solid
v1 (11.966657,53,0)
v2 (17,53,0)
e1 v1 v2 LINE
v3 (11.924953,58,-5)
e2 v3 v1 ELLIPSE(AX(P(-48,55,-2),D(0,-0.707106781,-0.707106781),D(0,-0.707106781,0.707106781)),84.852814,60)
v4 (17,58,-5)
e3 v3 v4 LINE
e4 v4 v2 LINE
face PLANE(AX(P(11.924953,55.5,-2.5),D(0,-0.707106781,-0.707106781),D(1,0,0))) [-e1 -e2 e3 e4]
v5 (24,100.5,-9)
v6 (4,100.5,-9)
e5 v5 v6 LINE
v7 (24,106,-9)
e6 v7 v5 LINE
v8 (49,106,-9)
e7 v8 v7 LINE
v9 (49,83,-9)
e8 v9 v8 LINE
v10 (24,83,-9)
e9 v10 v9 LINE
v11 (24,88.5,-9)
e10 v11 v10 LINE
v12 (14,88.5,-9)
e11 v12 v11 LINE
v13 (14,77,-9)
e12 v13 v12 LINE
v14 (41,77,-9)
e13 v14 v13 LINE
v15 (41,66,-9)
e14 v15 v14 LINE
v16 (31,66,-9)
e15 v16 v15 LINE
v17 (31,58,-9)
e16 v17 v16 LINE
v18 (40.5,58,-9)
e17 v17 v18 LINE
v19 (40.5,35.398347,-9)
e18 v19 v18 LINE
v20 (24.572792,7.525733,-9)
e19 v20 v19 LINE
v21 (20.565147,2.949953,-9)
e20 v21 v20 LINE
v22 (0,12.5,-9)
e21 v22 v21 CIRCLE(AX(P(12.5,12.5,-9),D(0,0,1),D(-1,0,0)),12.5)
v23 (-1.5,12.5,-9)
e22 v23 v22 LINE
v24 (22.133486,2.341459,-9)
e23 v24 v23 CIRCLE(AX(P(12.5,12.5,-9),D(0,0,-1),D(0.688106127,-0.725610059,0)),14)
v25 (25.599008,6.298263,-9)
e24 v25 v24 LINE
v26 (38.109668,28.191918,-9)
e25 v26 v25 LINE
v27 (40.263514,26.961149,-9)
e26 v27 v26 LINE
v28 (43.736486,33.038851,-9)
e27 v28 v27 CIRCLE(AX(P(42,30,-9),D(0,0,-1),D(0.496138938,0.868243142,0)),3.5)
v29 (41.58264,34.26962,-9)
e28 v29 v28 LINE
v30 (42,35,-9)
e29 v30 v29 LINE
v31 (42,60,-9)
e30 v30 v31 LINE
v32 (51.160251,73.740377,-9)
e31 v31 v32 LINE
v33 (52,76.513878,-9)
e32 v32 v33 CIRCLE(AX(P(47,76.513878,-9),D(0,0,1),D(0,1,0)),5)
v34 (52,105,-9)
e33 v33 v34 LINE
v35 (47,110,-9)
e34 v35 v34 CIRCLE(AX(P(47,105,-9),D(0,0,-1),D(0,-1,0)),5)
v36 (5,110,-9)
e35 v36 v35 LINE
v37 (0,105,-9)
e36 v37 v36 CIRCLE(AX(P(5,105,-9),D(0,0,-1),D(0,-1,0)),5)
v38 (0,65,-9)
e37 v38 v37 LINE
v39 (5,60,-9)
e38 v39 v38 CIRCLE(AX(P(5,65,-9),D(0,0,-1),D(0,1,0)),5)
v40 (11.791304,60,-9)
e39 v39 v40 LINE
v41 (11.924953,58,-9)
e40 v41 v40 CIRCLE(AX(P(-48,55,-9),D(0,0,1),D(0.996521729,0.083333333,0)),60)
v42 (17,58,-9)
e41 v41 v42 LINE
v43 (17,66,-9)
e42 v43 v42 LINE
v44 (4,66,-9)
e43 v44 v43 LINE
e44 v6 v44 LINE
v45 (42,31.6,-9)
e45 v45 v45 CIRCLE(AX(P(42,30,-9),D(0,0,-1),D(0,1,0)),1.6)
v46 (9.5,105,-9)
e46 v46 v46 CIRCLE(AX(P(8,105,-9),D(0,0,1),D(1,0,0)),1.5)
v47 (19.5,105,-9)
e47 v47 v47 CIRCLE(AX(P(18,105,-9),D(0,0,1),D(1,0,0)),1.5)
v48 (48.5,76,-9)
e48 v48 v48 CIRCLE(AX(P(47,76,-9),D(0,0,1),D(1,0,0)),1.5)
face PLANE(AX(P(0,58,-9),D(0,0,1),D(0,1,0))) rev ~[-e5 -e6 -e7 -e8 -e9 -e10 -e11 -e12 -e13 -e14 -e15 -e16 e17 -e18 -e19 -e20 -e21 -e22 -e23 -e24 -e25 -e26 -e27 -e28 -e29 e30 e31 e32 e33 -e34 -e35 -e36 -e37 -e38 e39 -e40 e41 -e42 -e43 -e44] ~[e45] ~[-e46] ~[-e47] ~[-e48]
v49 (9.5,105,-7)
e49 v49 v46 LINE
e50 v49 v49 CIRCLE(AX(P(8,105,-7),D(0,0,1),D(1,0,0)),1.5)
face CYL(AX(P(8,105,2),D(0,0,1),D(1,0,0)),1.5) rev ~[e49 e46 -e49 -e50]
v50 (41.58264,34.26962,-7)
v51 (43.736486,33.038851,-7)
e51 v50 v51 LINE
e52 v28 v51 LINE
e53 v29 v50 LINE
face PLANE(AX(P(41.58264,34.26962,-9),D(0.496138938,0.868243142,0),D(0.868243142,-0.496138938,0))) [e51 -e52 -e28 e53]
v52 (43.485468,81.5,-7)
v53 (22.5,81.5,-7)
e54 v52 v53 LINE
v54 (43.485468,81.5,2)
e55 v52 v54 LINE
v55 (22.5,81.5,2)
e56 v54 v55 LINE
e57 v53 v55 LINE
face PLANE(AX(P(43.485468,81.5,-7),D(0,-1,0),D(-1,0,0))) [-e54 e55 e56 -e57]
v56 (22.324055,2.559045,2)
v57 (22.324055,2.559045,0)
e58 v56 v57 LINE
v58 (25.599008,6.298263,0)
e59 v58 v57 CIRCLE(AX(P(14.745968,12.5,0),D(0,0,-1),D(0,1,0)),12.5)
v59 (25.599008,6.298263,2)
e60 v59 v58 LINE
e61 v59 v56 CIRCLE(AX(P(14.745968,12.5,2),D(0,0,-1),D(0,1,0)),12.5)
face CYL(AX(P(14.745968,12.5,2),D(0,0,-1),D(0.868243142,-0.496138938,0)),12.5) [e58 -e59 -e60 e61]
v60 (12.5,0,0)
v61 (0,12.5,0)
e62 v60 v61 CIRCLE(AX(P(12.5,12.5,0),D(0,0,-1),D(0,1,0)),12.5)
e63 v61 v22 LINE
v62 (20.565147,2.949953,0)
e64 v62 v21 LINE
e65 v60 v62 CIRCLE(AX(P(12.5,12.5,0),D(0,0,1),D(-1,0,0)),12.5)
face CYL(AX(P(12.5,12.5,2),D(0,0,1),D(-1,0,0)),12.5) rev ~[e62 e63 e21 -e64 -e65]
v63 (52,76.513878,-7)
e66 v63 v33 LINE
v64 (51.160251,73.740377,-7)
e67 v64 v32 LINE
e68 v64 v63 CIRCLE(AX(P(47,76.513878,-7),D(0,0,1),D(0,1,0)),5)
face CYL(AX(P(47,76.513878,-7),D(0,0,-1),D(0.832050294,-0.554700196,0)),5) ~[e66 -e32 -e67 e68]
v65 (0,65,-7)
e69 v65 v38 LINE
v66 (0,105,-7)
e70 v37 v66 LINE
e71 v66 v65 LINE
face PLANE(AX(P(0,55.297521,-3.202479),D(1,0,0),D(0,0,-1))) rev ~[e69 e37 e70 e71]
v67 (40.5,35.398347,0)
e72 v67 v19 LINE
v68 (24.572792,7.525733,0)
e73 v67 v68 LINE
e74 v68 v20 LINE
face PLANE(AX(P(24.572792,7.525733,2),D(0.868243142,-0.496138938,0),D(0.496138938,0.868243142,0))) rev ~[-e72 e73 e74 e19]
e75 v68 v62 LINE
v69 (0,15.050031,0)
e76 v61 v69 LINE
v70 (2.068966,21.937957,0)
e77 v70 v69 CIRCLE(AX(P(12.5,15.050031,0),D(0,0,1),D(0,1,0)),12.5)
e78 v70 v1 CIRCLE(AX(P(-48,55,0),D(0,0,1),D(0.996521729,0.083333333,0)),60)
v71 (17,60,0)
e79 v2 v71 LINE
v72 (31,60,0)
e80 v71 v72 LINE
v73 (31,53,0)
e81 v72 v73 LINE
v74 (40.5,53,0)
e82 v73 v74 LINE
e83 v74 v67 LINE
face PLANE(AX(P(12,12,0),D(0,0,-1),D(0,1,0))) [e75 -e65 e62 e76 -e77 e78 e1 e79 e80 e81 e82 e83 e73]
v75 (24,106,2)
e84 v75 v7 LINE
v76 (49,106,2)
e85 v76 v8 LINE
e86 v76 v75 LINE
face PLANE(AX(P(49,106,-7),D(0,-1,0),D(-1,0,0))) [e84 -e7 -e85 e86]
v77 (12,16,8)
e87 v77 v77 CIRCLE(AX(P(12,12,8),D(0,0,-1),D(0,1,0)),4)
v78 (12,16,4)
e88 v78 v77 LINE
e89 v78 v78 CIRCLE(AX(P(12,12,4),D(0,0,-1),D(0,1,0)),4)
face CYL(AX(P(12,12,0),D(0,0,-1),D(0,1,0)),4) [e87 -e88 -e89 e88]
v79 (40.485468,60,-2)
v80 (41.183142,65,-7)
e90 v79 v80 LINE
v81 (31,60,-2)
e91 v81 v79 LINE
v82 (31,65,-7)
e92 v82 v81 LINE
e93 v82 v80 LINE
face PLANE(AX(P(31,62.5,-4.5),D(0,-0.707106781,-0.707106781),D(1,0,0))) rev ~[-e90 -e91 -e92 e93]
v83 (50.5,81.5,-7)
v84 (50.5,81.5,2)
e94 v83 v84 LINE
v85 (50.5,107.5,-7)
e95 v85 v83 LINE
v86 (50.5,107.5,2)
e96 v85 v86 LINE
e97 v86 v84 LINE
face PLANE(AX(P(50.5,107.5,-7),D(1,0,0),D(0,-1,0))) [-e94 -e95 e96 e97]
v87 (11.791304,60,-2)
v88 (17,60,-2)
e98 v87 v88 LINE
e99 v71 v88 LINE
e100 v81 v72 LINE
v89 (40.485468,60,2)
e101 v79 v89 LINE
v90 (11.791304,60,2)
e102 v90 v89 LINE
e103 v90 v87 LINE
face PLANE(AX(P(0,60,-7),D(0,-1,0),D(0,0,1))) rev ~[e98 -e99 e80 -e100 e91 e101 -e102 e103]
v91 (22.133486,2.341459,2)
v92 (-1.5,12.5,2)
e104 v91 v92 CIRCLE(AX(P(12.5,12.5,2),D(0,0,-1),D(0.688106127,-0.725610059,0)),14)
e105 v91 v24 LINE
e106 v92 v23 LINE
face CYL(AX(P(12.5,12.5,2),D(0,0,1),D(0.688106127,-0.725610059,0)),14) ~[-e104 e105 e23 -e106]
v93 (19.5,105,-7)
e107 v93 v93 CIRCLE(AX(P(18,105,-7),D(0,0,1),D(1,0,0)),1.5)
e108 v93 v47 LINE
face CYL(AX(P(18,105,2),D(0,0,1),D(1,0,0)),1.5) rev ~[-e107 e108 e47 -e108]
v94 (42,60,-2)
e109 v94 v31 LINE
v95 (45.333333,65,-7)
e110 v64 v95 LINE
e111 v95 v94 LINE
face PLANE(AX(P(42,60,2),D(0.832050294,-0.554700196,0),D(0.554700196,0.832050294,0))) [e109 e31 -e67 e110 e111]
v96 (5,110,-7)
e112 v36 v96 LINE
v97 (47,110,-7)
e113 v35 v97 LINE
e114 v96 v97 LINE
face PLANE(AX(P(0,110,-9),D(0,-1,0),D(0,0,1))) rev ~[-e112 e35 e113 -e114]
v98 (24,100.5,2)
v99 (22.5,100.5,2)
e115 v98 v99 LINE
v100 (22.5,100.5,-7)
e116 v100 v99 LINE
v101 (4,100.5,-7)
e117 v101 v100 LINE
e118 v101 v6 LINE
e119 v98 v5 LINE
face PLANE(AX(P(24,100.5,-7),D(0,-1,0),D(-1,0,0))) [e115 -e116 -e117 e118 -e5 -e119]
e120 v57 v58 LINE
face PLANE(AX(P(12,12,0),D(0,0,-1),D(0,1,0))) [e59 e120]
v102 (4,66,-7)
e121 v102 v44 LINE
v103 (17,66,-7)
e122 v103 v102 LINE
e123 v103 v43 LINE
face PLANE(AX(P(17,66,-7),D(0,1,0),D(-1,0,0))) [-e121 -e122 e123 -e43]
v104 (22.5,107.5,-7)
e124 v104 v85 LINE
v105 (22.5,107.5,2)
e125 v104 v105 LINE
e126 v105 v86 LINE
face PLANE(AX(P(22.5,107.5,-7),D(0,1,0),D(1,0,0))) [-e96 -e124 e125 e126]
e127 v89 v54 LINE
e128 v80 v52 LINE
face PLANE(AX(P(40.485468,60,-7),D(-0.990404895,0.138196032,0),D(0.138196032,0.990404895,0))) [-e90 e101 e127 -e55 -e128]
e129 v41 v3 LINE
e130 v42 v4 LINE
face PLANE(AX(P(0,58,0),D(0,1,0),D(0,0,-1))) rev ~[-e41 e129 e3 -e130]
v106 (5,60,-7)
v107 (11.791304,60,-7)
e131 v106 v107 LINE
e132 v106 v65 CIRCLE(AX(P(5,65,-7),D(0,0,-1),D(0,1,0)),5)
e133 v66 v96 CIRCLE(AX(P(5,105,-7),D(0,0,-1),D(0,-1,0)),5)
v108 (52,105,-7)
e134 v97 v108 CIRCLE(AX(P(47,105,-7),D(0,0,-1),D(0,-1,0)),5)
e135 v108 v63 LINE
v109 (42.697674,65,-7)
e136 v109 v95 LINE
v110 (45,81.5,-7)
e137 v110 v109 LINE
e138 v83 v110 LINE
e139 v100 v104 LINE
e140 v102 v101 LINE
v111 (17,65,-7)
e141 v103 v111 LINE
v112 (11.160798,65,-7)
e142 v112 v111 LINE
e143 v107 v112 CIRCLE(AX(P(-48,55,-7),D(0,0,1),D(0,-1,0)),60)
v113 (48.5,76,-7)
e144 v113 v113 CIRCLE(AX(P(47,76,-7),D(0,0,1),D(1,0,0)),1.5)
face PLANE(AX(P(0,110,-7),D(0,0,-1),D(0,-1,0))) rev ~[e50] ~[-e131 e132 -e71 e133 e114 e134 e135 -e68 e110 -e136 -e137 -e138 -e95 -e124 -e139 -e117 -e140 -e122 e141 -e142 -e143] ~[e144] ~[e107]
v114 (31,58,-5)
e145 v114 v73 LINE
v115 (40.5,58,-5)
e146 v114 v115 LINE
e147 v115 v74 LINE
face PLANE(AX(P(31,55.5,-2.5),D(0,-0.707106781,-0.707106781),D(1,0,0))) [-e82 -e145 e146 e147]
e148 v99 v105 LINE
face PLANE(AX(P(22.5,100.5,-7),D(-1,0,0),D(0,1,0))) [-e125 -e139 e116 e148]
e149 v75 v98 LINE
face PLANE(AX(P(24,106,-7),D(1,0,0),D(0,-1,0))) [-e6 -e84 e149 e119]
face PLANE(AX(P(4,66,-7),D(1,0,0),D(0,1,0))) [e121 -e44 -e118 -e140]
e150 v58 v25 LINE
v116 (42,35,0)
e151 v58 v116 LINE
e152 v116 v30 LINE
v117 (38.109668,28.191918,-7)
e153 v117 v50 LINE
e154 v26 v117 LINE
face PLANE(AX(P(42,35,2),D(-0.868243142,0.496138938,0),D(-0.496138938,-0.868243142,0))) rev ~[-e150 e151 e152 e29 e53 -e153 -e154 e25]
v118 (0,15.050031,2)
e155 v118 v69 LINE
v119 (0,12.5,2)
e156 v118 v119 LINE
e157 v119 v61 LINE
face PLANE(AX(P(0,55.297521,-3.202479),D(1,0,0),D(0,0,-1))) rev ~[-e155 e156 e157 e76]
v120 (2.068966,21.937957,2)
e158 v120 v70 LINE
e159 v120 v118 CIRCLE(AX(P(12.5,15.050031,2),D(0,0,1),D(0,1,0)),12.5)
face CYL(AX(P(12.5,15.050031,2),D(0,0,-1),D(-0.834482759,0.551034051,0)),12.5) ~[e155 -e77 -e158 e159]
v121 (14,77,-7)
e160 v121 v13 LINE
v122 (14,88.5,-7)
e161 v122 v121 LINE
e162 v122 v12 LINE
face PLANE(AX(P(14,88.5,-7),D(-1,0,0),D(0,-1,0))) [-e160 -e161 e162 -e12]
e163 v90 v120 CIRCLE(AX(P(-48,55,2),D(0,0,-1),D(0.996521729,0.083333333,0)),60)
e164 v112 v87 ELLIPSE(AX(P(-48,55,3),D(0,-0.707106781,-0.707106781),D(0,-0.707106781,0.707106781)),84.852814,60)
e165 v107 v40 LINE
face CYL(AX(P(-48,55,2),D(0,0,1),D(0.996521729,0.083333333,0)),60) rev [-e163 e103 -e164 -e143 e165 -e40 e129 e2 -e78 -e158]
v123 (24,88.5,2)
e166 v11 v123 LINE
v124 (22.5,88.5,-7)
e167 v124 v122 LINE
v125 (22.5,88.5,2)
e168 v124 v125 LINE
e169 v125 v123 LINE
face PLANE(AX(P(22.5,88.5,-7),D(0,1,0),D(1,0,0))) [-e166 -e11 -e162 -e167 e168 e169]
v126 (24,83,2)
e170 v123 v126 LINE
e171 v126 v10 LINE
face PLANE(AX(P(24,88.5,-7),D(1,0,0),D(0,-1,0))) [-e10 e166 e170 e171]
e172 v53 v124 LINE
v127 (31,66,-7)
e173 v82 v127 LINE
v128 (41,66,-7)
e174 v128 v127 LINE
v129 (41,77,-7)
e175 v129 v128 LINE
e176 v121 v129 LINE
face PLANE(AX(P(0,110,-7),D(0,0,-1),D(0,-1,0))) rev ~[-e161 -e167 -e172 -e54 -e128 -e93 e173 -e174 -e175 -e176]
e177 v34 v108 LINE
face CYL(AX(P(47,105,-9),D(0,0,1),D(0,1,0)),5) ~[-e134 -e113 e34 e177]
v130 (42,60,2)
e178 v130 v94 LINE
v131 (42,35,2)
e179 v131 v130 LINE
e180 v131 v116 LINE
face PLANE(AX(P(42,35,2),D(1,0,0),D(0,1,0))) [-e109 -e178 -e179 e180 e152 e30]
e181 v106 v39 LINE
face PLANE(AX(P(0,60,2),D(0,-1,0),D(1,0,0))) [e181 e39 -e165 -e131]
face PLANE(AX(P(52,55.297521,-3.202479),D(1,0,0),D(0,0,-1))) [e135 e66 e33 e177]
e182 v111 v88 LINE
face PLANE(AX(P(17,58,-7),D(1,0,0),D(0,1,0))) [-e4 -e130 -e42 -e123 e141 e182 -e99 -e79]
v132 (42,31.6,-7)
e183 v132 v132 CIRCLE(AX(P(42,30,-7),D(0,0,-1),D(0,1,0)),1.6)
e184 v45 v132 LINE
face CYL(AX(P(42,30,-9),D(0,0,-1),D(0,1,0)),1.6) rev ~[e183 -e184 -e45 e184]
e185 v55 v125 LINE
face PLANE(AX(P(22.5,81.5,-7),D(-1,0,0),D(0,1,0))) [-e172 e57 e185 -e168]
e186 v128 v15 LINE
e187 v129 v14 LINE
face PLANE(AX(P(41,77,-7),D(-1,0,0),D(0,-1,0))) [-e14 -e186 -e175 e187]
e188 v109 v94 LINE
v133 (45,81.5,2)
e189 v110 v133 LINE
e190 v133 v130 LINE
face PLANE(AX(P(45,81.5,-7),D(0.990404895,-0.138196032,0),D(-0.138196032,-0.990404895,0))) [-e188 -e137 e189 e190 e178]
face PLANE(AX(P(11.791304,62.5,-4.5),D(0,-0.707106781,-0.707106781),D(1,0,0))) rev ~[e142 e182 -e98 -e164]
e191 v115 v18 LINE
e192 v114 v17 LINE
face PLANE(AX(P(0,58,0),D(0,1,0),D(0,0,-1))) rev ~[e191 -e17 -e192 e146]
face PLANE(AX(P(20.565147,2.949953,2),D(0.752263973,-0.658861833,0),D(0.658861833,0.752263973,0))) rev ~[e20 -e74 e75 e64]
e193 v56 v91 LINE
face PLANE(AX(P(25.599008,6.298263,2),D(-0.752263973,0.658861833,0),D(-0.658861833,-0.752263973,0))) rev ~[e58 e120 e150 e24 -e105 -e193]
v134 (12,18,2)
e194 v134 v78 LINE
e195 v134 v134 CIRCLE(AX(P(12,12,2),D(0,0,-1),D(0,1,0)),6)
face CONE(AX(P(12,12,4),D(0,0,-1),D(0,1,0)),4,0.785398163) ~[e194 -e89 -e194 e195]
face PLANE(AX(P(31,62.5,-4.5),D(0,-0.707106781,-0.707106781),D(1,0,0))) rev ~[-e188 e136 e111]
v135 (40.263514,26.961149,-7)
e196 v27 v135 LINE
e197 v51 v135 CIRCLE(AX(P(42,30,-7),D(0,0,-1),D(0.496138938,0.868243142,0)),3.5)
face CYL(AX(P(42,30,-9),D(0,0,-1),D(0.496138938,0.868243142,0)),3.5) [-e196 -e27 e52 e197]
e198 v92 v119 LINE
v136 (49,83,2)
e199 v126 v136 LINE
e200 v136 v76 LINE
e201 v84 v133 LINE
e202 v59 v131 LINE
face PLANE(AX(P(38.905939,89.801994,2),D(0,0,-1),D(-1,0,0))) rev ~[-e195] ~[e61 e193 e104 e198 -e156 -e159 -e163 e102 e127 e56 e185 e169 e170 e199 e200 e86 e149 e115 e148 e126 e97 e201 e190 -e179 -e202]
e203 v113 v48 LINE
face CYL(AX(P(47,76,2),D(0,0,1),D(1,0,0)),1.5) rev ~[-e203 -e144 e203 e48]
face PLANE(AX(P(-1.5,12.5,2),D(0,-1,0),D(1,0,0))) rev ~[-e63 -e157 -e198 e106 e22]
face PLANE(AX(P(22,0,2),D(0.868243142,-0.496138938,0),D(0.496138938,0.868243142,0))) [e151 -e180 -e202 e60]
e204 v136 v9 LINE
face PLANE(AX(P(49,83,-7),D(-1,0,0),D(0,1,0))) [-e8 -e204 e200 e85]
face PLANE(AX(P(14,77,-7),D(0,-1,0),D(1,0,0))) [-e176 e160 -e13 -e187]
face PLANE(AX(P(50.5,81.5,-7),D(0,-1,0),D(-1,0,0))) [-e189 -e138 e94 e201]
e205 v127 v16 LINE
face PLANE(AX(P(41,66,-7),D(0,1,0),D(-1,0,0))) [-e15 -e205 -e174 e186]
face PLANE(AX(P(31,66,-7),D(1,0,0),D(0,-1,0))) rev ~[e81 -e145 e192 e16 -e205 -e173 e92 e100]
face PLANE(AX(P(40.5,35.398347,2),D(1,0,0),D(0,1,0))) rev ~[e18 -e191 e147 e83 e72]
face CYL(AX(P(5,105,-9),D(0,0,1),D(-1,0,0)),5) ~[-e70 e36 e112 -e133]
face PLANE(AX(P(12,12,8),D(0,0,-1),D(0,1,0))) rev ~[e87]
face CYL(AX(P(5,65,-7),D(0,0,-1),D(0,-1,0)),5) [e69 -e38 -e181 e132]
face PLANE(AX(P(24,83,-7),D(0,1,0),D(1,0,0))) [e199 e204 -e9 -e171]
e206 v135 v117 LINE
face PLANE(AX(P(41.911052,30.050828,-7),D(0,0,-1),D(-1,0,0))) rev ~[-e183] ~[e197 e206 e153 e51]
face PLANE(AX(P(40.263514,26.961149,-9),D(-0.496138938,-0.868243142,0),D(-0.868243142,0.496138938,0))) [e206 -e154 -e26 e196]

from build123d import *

# Parameters (mm, degrees)
EXTRUDE_1_DEPTH                 = 52
CUT_EXTRUDE_1_REACH             = 124.004
CUT_EXTRUDE_1_DIRECTION_2_DEPTH = 7
SKETCH_3_R                      = 1.5
CUT_EXTRUDE_2_DEPTH             = 123.167917229
SKETCH_5_R                      = 4
EXTRUDE_3_DEPTH                 = 8
FILLET_1_R                      = 5
CHAMFER_1_SIZE                  = 5
FILLET_2_R                      = 12.5
EXTRUDE_2_DEPTH                 = 9
CHAMFER_2_SIZE                  = 5
EXTRUDE_4_DEPTH                 = 9
EXTRUDE_4_DEPTH_BACK            = 2
CHAMFER_3_SIZE                  = 2
SKETCH_7_R                      = 1.6
EXTRUDE_5_DEPTH                 = 2


with BuildPart() as part:
    # 草图1 → 凸台-拉伸1 (new body)
    with BuildSketch(Plane(origin=(0, 0, 0), x_dir=(0, 0, -1), z_dir=(1, 0, 0))):
        Polygon((0, 0), (0, 58), (9, 58), (9, 110), (7, 110), (7, 60), (-2, 60), (-2, 0), align=None)
    extrude(amount=EXTRUDE_1_DEPTH)

    # 草图2 → 切除-拉伸1 (cut, up to next)
    with BuildSketch(Plane.XY.offset(-7), mode=Mode.PRIVATE) as cut_extrude_1_sk1:
        Polygon((24, 106), (49, 106), (49, 83), (24, 83), (24, 88.5), (14, 88.5), (14, 77), (41, 77), (41, 66), (31, 66), (31, 58), (17, 58), (17, 66), (4, 66), (4, 100.5), (24, 100.5), align=None)
    cut_extrude_1_tool1 = extrude(cut_extrude_1_sk1.sketch, amount=-CUT_EXTRUDE_1_REACH, mode=Mode.PRIVATE) & part.part
    add(cut_extrude_1_tool1.solids().sort_by_distance((25.692202, 84.595066, -7))[0], mode=Mode.SUBTRACT)

    # 草图2 → 切除-拉伸1 direction 2 (cut)
    with BuildSketch(Plane.XY.offset(-7)):
        Polygon((24, 106), (49, 106), (49, 83), (24, 83), (24, 88.5), (14, 88.5), (14, 77), (41, 77), (41, 66), (31, 66), (31, 58), (17, 58), (17, 66), (4, 66), (4, 100.5), (24, 100.5), align=None)
    extrude(amount=CUT_EXTRUDE_1_DIRECTION_2_DEPTH, mode=Mode.SUBTRACT)

    # 草图3 → 切除-拉伸2 (cut, through all)
    with BuildSketch(Plane.XY.offset(2)):
        with Locations((8, 105)):
            Circle(SKETCH_3_R)
        with Locations((18, 105)):
            Circle(SKETCH_3_R)
        with Locations((47, 76)):
            Circle(SKETCH_3_R)
        with BuildLine():
            Line((0, 60), (11.791303716, 60))
            ThreePointArc((11.791303716, 60), (9.662737441, 38.416613409), (0, 19))
            Line((0, 19), (0, 60))
        make_face()
        Polygon((42, 35), (42, 60), (52, 75), (52, 0), (22, 0), align=None)
    extrude(amount=-CUT_EXTRUDE_2_DEPTH, mode=Mode.SUBTRACT)

    # 草图5 → 凸台-拉伸3 (add)
    with BuildSketch(Plane(origin=(0, 0, 0), x_dir=(-1, 0, 0), z_dir=(0, 0, -1))):
        with Locations(Location((-12, 12, 0), (0, 0, 90))):
            Circle(SKETCH_5_R)
    extrude(amount=-EXTRUDE_3_DEPTH)

    # 圆角1
    fillet_1_edges = [part.edges().sort_by_distance(p)[0] for p in [
        (52, 75, -8),
        (0, 60, -8),
        (52, 110, -8),
        (0, 110, -8),
    ]]
    fillet(fillet_1_edges, radius=FILLET_1_R)

    # 倒角1
    chamfer_1_edges = [part.edges().sort_by_distance(p)[0] for p in [
        (14.395651858, 60, -7),
        (36.5, 60, -7),
    ]]
    chamfer(chamfer_1_edges, length=CHAMFER_1_SIZE)

    # 圆角2
    fillet_2_edges = [part.edges().sort_by_distance(p)[0] for p in [
        (22, 0, 1),
        (0, 0, 1),
        (0, 19, 1),
    ]]
    fillet(fillet_2_edges, radius=FILLET_2_R)

    # 草图4 → 凸台-拉伸2 (add)
    with BuildSketch(Plane.XY.offset(-7)):
        Polygon((24, 88.5), (24, 83), (49, 83), (49, 106), (24, 106), (24, 100.5), (22.5, 100.5), (22.5, 107.5), (50.5, 107.5), (50.5, 81.5), (45, 81.5), (42, 60), (40.485467906, 60), (43.485467906, 81.5), (22.5, 81.5), (22.5, 88.5), align=None)
    extrude(amount=EXTRUDE_2_DEPTH)

    # 倒角2
    chamfer_2_edges = [part.edges().sort_by_distance(p)[0] for p in [
        (14.462476533, 58, 0),
        (36.5, 58, 0),
    ]]
    chamfer(chamfer_2_edges, length=CHAMFER_2_SIZE)

    # 草图6 → 凸台-拉伸4 (add, two sides: drawn at the far end of the back side and taken through both)
    with BuildSketch(Plane(origin=(0, 0, 0), x_dir=(-1, 0, 0), z_dir=(0, 0, -1)).offset(-EXTRUDE_4_DEPTH_BACK)):
        with BuildLine():
            Line((-40.5, 60), (-42, 60))
            Line((-42, 60), (-42, 35))
            Line((-42, 35), (-25.599007583, 6.298263271))
            Line((-25.599007583, 6.298263271), (-22.133485774, 2.341459168))
            ThreePointArc((-22.133485774, 2.341459168), (-6.971383575, -0.362130478), (1.5, 12.5))
            Line((1.5, 12.5), (0, 12.5))
            ThreePointArc((0, 12.5), (-7.235227504, 1.162797057), (-20.565147291, 2.949952923))
            Line((-20.565147291, 2.949952923), (-24.572792271, 7.525733129))
            Line((-24.572792271, 7.525733129), (-40.5, 35.398346656))
            Line((-40.5, 35.398346656), (-40.5, 60))
        make_face()
    extrude(amount=EXTRUDE_4_DEPTH + EXTRUDE_4_DEPTH_BACK)

    # 倒角3
    chamfer_3_edges = [part.edges().sort_by_distance(p)[0] for p in [
        (12, 8, 2),
    ]]
    chamfer(chamfer_3_edges, length=CHAMFER_3_SIZE)

    # 草图7 → 凸台-拉伸5 (add)
    with BuildSketch(Plane(origin=(0, 0, -9), x_dir=(-1, 0, 0), z_dir=(0, 0, -1))):
        with BuildLine():
            Line((-41.58264013, 34.269620228), (-43.736486284, 33.038850997))
            ThreePointArc((-43.736486284, 33.038850997), (-45.038850997, 28.263513716), (-40.263513716, 26.961149003))
            Line((-40.263513716, 26.961149003), (-38.109667562, 28.191918233))
            Line((-38.109667562, 28.191918233), (-41.58264013, 34.269620228))
        make_face()
        with Locations(Location((-42, 30, 0), (0, 0, 90))):
            Circle(SKETCH_7_R, mode=Mode.SUBTRACT)
    extrude(amount=-EXTRUDE_5_DEPTH)


solid = part.part
